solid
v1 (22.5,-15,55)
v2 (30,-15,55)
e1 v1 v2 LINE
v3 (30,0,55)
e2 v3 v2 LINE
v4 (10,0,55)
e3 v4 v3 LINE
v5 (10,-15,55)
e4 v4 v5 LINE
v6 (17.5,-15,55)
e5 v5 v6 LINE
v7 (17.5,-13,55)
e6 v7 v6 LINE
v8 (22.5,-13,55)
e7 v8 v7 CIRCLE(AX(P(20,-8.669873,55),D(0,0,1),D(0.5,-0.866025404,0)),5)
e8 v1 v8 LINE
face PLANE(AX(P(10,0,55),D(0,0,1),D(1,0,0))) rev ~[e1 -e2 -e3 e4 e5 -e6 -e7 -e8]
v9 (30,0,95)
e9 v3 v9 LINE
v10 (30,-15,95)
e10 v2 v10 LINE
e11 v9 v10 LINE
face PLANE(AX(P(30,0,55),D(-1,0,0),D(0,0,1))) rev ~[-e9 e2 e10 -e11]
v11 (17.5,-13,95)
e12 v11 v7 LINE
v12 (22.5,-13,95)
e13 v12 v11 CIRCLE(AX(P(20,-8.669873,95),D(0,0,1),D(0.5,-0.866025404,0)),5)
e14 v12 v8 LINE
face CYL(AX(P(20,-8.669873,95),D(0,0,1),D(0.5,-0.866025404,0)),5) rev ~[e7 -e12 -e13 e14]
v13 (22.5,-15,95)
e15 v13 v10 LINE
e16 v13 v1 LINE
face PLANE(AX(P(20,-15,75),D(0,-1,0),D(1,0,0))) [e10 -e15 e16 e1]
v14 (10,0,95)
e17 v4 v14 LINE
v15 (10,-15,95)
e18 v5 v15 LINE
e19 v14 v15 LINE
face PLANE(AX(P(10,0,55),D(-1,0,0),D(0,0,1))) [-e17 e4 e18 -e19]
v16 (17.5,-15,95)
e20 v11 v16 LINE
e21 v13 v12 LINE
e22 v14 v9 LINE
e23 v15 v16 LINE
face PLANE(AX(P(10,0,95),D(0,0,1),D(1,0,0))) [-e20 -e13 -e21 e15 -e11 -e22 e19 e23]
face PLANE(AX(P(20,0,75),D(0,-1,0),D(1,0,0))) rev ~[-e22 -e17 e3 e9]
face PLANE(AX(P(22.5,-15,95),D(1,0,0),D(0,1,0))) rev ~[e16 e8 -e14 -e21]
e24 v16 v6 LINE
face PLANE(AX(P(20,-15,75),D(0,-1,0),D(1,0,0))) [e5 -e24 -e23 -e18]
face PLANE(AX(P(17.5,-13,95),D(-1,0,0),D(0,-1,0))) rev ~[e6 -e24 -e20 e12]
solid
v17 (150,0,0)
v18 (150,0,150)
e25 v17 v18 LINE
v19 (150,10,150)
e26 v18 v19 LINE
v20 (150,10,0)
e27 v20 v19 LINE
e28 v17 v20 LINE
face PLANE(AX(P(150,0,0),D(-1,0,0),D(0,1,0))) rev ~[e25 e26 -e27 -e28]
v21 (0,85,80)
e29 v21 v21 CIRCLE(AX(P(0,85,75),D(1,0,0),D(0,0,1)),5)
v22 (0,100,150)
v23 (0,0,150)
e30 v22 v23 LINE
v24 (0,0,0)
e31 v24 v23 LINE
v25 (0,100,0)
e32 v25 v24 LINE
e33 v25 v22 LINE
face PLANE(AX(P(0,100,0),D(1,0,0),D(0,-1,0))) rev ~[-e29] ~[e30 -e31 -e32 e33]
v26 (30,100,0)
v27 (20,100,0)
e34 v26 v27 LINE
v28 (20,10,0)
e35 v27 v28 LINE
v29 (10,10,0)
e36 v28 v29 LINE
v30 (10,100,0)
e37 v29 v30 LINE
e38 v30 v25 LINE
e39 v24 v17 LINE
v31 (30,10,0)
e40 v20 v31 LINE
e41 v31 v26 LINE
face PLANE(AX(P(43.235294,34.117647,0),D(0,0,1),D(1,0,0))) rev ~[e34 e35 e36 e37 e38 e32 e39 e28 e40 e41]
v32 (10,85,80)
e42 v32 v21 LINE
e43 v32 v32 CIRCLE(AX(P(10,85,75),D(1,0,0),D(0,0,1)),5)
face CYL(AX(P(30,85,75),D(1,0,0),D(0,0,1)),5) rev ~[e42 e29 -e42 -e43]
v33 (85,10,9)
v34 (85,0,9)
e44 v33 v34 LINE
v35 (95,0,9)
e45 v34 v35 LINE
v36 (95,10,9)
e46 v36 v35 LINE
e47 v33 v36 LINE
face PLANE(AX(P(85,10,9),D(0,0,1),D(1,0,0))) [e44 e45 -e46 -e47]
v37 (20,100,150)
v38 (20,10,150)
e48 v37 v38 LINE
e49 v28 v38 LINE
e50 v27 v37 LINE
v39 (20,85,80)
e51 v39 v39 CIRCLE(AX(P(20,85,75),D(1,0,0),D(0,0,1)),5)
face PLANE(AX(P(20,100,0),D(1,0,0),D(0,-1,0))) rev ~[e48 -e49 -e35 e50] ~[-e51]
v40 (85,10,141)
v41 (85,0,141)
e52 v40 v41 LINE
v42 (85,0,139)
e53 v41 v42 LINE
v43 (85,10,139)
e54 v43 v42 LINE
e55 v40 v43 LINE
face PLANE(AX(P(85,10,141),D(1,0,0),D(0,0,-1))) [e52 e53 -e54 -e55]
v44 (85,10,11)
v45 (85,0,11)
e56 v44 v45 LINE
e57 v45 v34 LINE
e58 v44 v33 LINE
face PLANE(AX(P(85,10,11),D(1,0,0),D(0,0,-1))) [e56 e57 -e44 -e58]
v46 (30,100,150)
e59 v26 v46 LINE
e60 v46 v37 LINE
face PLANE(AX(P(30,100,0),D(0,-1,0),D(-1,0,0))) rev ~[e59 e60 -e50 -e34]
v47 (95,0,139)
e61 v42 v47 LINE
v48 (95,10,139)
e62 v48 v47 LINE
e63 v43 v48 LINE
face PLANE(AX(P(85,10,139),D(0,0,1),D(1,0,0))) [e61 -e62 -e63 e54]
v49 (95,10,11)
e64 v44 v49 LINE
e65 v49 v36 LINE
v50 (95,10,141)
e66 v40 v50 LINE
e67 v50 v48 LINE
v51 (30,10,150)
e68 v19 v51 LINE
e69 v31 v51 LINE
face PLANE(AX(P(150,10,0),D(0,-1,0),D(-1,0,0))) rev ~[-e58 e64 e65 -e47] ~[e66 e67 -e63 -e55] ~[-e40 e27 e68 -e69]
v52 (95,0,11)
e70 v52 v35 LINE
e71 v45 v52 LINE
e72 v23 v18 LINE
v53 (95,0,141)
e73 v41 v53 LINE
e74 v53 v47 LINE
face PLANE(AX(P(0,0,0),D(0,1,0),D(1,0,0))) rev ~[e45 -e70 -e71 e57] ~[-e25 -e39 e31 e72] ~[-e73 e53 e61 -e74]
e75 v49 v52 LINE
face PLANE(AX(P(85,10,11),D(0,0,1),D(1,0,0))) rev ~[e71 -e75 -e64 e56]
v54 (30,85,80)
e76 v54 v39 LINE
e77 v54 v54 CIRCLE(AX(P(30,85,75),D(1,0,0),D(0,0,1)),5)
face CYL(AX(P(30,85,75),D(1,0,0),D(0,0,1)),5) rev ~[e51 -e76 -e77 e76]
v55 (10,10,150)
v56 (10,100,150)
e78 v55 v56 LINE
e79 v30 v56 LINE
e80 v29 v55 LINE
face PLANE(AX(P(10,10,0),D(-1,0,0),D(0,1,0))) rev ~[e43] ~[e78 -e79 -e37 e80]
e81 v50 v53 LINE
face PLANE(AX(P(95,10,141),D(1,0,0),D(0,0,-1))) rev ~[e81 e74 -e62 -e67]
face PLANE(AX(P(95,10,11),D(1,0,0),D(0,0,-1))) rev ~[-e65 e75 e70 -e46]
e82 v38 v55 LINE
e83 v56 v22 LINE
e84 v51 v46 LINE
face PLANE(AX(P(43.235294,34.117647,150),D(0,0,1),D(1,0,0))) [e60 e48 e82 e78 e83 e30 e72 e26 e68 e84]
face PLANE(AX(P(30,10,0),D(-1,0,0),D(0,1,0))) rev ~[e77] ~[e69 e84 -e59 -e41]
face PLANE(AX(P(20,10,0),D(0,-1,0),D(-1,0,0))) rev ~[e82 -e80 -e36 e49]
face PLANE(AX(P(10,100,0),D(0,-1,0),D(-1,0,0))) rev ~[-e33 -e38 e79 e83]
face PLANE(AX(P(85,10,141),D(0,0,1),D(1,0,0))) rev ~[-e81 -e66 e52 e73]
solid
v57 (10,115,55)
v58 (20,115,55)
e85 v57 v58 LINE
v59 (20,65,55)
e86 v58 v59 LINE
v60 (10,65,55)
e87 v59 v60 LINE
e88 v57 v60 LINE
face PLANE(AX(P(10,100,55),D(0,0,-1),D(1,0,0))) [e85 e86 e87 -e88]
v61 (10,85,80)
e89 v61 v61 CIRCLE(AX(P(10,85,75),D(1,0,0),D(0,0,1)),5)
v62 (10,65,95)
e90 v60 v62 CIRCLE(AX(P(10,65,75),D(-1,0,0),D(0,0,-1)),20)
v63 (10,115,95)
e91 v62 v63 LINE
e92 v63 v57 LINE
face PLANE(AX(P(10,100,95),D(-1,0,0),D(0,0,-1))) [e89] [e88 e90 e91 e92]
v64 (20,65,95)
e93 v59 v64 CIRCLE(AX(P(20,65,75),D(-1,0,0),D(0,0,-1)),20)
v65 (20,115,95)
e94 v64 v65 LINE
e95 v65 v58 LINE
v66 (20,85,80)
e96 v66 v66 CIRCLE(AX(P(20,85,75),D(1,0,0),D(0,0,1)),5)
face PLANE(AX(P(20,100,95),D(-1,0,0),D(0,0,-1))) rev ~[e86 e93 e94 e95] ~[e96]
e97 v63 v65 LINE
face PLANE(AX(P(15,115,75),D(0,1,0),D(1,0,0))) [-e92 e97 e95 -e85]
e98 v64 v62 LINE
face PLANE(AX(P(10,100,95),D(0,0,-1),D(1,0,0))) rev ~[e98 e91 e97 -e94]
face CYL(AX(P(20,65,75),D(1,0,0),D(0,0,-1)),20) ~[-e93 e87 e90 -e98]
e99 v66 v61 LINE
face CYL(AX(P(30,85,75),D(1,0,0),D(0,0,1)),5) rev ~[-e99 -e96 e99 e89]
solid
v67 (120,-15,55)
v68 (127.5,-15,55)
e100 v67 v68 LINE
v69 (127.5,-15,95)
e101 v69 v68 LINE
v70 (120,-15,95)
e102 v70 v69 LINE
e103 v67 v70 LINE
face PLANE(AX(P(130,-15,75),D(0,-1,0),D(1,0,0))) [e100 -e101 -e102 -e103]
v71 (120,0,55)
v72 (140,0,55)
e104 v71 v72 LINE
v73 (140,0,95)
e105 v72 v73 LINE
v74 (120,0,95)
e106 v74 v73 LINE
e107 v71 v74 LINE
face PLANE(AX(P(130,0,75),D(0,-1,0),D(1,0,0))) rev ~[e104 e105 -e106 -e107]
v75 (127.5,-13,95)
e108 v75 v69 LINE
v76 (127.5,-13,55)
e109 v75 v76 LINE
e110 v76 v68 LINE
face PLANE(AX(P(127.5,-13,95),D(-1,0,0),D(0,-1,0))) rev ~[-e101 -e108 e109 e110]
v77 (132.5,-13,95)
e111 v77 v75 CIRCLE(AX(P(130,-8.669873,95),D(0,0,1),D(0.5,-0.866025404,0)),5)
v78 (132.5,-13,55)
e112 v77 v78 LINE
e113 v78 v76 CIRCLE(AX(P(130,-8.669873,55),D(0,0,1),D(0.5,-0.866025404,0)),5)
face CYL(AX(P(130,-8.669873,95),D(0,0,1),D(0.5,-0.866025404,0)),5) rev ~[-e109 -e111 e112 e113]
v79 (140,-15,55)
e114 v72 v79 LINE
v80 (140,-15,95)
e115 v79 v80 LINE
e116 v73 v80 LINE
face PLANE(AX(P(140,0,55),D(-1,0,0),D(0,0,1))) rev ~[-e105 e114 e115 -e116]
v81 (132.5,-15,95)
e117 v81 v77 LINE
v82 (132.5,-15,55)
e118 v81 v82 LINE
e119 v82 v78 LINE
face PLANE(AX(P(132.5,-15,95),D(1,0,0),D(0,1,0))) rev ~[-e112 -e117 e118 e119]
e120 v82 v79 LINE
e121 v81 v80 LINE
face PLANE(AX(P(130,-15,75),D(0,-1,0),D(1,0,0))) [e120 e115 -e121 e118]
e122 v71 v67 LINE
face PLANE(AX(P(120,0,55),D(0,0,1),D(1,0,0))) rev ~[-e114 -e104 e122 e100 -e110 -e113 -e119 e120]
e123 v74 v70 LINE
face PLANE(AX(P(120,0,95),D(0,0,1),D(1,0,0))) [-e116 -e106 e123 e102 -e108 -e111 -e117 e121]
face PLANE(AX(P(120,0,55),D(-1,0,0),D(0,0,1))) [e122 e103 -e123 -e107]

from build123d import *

# Parameters (mm, degrees)
BOSS_EXTRUDE1_DEPTH   = 150
SKETCH3_W             = 10
SKETCH3_H             = 2
CUT_EXTRUDE1_DEPTH    = 10
BOSS_EXTRUDE2_DEPTH   = 10
SKETCH5_R             = 5
CUT_EXTRUDE2_DEPTH    = 217.564078277
SKETCH6_W             = 20
SKETCH6_H             = 40
BOSS_EXTRUDE5_DEPTH   = 15
BOSS_EXTRUDE5_2_DEPTH = 15
CUT_EXTRUDE3_DEPTH    = 204.776838723
CUT_EXTRUDE4_DEPTH    = 204.776838723
SKETCH11_W            = 10
SKETCH11_H            = 40
BOSS_EXTRUDE7_DEPTH   = 15


with BuildPart() as part:
    # Sketch1 → Boss-Extrude1 (new body)
    with BuildSketch(Plane.XY):
        Polygon((20, 100), (20, 10), (10, 10), (10, 100), (0, 100), (0, 10), (0, 0), (10, 0), (150, 0), (150, 10), (30, 10), (30, 100), align=None)
    extrude(amount=BOSS_EXTRUDE1_DEPTH)

    # Sketch3 → Cut-Extrude1 (cut)
    with BuildSketch(Plane(origin=(0, 10, 0), x_dir=(1, 0, 0), z_dir=(0, 1, 0))):
        with Locations((90, -10)):
            Rectangle(SKETCH3_W, SKETCH3_H)
        with Locations((90, -140)):
            Rectangle(SKETCH3_W, SKETCH3_H)
    extrude(amount=-CUT_EXTRUDE1_DEPTH, mode=Mode.SUBTRACT)


with BuildPart() as body_2:
    # Sketch4 → Boss-Extrude2 (new body)
    with BuildSketch(Plane.ZY.offset(-20)):
        with BuildLine():
            Line((95, 100), (55, 100))
            Line((55, 100), (55, 65))
            ThreePointArc((55, 65), (75, 45), (95, 65))
            Line((95, 65), (95, 100))
        make_face()
    extrude(amount=BOSS_EXTRUDE2_DEPTH)


with BuildPart() as cut_extrude2_tool:
    # Sketch5 → Cut-Extrude2 (new, through all)
    with BuildSketch(Plane(origin=(30, 0, 0), x_dir=(0, 0, -1), z_dir=(1, 0, 0))):
        with Locations(Location((-75, 85, 0), (0, 0, 180))):
            Circle(SKETCH5_R)
    extrude(amount=-CUT_EXTRUDE2_DEPTH)


with BuildPart() as part_1:
    add(part.part)

    # Cut-Extrude2: cut by cut_extrude2_tool
    add(cut_extrude2_tool.part, mode=Mode.SUBTRACT)


with BuildPart() as body_2_1:
    add(body_2.part)

    # Cut-Extrude2: cut by cut_extrude2_tool
    add(cut_extrude2_tool.part, mode=Mode.SUBTRACT)

    # Sketch11 → Boss-Extrude7 (add)
    with BuildSketch(Plane(origin=(0, 100, 0), x_dir=(1, 0, 0), z_dir=(0, 1, 0))):
        with Locations((15, -75)):
            Rectangle(SKETCH11_W, SKETCH11_H)
    extrude(amount=BOSS_EXTRUDE7_DEPTH)


with BuildPart() as body_3:
    # Sketch6 → Boss-Extrude5 (new body)
    with BuildSketch(Plane.XZ):
        with Locations((20, 75)):
            Rectangle(SKETCH6_W, SKETCH6_H)
    extrude(amount=BOSS_EXTRUDE5_DEPTH)

    # Sketch7 → Cut-Extrude3 (cut, through all)
    with BuildSketch(Plane.XY.offset(95)):
        with BuildLine():
            Line((22.5, -15), (22.5, -13))
            ThreePointArc((22.5, -13), (20, -3.669872981), (17.5, -13))
            Line((17.5, -13), (17.5, -15))
            Line((17.5, -15), (22.5, -15))
        make_face()
    extrude(amount=-CUT_EXTRUDE3_DEPTH, mode=Mode.SUBTRACT)


with BuildPart() as body_4:
    # Sketch6 → Boss-Extrude5 2 (new body)
    with BuildSketch(Plane.XZ):
        with Locations((130, 75)):
            Rectangle(SKETCH6_W, SKETCH6_H)
    extrude(amount=BOSS_EXTRUDE5_2_DEPTH)

    # Sketch10 → Cut-Extrude4 (cut, through all)
    with BuildSketch(Plane.XY.offset(95)):
        with BuildLine():
            Line((127.5, -15), (132.5, -15))
            Line((132.5, -15), (132.5, -13))
            ThreePointArc((132.5, -13), (130, -3.669872981), (127.5, -13))
            Line((127.5, -13), (127.5, -15))
        make_face()
    extrude(amount=-CUT_EXTRUDE4_DEPTH, mode=Mode.SUBTRACT)


solid = Compound([part_1.part, body_2_1.part, body_3.part, body_4.part])
